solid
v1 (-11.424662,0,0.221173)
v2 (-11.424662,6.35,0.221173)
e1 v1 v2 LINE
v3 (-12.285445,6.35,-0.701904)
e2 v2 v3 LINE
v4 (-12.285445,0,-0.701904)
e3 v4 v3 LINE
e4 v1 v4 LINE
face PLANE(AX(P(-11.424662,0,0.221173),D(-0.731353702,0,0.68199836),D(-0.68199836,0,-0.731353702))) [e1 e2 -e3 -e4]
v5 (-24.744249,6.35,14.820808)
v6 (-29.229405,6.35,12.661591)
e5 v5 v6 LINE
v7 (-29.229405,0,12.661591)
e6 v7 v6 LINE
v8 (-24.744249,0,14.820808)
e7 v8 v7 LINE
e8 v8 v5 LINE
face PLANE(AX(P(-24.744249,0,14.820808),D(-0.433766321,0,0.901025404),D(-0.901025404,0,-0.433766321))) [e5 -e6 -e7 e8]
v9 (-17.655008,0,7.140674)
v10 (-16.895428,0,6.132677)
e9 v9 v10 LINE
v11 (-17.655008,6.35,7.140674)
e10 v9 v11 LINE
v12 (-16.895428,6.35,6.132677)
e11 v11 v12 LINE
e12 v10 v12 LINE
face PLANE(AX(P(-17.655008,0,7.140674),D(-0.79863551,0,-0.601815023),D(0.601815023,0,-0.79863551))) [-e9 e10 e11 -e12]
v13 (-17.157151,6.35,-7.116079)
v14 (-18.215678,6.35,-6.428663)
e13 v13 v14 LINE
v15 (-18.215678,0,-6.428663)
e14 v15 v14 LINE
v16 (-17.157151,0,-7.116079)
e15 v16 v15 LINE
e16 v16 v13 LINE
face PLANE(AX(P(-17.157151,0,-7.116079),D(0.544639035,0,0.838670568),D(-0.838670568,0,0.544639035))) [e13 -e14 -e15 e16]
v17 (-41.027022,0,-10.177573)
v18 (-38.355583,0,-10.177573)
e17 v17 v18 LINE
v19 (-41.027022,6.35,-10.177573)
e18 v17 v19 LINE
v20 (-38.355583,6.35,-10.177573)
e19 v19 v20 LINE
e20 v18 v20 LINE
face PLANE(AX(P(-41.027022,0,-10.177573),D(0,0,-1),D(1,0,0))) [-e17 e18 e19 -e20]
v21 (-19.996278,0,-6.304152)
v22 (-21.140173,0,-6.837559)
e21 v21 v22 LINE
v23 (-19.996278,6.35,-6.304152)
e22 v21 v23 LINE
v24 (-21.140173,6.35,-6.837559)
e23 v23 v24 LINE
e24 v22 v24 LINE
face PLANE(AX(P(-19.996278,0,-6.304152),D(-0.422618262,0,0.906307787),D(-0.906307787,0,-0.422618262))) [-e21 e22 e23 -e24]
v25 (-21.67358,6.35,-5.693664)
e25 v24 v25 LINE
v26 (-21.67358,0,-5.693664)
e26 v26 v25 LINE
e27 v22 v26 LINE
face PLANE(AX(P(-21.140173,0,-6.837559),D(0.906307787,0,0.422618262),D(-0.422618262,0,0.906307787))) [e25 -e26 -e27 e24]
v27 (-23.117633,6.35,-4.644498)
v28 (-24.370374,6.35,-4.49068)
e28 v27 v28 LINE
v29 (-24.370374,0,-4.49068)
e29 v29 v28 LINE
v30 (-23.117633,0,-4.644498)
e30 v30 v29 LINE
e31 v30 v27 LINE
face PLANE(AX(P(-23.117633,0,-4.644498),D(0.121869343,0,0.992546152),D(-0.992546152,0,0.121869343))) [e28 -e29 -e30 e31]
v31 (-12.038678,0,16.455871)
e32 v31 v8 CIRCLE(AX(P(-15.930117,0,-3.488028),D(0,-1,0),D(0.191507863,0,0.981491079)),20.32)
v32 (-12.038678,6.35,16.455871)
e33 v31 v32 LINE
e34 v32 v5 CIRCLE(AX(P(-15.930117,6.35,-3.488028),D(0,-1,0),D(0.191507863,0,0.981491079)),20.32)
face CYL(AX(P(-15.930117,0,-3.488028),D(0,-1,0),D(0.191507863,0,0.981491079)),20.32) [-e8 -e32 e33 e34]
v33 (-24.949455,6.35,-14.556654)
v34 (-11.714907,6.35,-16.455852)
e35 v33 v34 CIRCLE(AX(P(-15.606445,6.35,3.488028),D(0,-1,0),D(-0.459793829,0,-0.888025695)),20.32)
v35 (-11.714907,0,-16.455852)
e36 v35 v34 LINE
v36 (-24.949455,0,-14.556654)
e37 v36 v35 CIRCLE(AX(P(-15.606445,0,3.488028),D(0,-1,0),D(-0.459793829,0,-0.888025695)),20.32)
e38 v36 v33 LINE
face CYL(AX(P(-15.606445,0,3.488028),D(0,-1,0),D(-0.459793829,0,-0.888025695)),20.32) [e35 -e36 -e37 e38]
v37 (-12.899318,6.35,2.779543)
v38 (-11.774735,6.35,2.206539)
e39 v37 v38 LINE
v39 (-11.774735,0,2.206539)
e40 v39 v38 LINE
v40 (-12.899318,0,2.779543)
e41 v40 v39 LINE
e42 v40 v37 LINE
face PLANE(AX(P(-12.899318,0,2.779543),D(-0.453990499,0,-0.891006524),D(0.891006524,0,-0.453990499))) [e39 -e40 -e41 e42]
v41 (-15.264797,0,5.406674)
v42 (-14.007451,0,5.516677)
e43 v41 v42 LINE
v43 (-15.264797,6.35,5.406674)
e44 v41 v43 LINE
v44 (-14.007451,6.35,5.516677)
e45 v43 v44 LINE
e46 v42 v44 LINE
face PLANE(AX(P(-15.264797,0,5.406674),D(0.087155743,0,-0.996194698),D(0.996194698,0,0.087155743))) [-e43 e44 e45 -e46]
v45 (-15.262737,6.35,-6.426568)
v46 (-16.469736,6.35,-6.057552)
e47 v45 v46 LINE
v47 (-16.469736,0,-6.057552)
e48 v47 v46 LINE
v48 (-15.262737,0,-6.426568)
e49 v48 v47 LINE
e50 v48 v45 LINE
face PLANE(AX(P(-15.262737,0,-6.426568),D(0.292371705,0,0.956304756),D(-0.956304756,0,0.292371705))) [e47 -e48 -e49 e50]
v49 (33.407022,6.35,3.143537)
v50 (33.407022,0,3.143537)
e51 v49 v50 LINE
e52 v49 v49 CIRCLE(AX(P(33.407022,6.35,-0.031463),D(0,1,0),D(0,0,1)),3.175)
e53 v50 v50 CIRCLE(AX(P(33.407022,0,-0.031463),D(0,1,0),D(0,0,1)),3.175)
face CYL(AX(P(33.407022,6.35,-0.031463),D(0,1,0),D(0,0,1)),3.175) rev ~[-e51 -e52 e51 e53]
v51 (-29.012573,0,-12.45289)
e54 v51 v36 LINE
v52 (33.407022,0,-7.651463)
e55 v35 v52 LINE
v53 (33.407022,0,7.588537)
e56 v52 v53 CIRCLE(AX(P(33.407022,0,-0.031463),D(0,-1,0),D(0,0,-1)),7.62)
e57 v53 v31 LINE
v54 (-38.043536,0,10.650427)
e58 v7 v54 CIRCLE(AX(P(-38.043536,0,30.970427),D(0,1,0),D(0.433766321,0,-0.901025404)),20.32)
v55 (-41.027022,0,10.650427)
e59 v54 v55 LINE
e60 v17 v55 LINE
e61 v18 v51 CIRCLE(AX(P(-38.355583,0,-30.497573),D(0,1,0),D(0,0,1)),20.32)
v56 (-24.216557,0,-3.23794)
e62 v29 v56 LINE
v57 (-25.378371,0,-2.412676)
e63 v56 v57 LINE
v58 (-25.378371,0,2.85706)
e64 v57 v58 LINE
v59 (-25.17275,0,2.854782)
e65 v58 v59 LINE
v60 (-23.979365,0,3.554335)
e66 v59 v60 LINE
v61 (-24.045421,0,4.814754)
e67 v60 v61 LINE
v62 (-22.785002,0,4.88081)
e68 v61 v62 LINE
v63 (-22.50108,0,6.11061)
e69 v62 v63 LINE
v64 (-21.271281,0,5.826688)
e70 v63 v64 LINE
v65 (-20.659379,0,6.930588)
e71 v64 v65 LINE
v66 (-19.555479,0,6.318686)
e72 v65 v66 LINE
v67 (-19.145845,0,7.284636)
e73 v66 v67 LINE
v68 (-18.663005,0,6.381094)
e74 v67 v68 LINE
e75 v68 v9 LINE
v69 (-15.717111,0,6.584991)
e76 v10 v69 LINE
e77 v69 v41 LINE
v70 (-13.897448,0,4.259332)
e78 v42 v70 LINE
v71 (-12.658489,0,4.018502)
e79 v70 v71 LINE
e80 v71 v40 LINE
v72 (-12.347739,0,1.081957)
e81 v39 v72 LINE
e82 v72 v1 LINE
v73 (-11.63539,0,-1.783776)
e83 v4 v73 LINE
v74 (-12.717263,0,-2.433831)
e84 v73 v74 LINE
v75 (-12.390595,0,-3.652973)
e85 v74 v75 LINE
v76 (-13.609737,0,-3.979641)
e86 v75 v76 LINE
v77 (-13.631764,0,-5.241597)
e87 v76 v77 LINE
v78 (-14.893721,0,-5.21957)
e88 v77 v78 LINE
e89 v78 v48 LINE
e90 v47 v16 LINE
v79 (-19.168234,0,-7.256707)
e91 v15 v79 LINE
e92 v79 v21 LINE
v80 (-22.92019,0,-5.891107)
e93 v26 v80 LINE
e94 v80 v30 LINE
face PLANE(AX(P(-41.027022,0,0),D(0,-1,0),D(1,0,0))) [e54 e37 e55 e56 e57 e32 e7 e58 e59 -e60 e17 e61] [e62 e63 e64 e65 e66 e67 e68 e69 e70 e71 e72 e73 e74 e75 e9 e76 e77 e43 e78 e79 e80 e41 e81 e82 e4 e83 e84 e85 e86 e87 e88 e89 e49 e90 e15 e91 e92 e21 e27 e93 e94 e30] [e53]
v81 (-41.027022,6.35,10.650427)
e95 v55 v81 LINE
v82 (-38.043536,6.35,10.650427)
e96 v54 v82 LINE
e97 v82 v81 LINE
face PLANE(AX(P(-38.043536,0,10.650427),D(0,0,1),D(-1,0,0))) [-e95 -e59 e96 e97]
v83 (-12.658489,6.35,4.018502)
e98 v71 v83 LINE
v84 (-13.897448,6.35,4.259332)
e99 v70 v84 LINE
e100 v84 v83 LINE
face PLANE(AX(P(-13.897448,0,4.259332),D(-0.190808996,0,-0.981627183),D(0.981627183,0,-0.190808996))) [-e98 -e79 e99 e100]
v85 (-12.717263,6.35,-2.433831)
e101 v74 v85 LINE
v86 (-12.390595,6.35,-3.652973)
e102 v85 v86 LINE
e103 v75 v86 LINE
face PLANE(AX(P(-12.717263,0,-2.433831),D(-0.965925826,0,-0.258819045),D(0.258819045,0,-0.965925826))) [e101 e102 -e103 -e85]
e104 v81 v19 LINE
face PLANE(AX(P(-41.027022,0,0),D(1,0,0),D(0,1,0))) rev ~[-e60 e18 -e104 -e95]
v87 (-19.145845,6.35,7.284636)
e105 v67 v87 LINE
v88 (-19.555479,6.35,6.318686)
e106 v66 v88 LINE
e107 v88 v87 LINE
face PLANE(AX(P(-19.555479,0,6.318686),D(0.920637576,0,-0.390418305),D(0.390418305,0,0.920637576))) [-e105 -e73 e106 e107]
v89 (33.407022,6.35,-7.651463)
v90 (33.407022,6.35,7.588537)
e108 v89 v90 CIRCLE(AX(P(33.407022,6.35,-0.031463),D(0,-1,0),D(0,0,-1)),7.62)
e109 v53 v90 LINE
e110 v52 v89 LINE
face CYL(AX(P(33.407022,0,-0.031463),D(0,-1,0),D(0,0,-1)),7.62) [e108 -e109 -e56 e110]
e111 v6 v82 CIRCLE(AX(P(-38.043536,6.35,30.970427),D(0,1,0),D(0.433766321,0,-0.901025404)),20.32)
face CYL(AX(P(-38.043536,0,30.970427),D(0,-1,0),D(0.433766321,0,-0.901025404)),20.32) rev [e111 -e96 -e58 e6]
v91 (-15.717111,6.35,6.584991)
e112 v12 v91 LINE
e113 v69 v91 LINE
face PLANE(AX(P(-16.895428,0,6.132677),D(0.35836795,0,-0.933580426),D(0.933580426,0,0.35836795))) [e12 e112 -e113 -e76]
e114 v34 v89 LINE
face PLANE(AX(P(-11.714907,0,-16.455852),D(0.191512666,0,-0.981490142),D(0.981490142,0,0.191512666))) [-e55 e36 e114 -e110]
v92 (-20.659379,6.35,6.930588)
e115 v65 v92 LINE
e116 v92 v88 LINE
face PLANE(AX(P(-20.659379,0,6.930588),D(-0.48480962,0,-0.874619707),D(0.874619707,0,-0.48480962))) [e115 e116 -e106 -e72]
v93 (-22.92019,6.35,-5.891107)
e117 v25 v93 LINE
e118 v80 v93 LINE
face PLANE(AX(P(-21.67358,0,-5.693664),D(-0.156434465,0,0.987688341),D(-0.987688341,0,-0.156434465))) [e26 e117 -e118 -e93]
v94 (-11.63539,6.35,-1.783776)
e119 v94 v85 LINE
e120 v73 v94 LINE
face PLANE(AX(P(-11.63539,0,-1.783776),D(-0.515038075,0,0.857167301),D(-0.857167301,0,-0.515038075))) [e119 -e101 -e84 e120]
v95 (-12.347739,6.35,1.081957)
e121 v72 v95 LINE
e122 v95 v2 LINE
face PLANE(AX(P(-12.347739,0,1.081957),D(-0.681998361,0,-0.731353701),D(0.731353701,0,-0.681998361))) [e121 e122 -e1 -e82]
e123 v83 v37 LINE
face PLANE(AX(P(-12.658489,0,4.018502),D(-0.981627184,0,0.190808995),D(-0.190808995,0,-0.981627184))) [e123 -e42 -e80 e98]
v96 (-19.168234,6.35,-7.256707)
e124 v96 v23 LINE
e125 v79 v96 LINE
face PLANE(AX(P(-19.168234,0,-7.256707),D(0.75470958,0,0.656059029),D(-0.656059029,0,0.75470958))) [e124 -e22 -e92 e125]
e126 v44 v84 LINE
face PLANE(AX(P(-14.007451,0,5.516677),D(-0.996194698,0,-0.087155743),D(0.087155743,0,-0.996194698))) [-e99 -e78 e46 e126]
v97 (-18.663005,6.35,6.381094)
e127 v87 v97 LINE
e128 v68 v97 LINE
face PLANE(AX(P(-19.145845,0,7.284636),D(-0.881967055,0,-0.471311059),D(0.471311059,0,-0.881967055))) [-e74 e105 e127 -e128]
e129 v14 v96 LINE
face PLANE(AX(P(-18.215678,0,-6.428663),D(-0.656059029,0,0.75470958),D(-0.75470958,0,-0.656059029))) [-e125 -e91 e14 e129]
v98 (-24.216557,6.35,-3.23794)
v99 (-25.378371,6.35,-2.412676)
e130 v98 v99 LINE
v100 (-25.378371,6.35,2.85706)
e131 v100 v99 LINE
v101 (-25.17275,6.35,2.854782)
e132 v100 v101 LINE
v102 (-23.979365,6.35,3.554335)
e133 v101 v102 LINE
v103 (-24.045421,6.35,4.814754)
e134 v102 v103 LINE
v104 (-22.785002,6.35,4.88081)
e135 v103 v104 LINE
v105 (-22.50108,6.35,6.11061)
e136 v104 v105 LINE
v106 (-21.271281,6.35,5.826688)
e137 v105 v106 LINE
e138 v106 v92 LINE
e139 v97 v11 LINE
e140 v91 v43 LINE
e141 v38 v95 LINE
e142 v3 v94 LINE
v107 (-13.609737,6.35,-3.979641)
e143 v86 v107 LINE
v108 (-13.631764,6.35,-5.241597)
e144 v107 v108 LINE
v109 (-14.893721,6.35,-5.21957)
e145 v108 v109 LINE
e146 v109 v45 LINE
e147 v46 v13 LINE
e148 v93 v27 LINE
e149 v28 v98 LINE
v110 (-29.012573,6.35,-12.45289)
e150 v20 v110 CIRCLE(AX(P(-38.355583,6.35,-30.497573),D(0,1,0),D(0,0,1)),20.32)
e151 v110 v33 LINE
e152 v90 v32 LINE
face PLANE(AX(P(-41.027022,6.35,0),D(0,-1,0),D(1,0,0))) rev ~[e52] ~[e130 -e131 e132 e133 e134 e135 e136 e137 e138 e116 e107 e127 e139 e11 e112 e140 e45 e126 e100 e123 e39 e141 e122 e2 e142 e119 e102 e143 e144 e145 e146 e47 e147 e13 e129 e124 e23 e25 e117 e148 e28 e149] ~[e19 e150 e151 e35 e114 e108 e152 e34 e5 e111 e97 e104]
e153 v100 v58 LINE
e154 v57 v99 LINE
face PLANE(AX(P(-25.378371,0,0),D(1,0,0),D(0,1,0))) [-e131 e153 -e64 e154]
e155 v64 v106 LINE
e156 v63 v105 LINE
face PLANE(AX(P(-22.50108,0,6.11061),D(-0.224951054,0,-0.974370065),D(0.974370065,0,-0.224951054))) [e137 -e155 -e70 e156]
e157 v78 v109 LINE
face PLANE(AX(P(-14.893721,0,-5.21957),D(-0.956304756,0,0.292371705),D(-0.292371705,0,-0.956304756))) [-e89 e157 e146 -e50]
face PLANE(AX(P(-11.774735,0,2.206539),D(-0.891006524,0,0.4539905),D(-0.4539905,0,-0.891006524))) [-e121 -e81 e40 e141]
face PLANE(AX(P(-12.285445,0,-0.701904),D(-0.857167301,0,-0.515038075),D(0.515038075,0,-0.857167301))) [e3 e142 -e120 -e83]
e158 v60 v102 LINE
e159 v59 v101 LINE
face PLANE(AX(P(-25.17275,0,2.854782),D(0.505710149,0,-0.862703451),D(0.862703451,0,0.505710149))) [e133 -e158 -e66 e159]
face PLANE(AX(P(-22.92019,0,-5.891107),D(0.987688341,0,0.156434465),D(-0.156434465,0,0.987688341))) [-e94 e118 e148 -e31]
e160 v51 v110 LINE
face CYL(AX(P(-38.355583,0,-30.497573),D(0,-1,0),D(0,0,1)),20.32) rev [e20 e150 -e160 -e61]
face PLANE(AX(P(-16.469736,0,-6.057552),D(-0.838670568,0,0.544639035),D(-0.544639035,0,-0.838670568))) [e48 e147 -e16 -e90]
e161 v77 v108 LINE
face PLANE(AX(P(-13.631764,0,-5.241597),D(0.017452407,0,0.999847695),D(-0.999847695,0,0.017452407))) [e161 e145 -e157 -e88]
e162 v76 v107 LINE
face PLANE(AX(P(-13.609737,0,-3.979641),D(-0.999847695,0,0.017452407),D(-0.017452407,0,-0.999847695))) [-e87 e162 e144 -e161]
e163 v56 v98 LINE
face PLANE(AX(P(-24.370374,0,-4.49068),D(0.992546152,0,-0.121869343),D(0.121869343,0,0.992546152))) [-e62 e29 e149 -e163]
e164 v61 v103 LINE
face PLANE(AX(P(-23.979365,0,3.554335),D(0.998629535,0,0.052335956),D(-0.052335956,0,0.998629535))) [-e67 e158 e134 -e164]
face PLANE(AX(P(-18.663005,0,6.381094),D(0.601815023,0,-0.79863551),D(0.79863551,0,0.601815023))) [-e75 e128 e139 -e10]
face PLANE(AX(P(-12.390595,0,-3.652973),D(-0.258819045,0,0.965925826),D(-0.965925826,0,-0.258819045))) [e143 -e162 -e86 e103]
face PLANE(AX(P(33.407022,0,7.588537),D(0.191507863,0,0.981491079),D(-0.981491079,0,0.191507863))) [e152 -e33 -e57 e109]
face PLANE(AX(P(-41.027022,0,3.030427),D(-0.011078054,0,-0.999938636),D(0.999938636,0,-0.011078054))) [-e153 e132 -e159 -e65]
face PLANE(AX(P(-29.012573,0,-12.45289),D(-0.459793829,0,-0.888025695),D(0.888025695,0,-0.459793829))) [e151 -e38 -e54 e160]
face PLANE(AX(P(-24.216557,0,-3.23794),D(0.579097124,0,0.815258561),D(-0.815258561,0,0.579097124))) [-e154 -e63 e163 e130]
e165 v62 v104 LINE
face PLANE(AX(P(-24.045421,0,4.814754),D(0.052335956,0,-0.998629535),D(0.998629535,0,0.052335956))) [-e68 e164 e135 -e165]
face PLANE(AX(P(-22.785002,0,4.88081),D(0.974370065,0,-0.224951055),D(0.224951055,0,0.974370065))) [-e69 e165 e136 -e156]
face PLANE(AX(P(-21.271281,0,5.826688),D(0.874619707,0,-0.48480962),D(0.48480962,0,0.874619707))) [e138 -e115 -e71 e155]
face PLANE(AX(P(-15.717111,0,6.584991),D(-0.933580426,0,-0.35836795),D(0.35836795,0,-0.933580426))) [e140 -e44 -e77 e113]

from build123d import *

# Parameters (mm, degrees)
BOSS_EXTRUDE1_DEPTH             = 6.35
CUT_EXTRUDE1_REACH              = 46.798
SKETCH2_R                       = 3.175
BOSS_EXTRUDE2_REACH             = 46.798
SKETCH3_W                       = 15.648651434
SKETCH3_H                       = 6.35
BOSS_EXTRUDE2_DIRECTION_2_REACH = 46.798


with BuildPart() as part:
    # Sketch1 → Boss-Extrude1 (new body)
    with BuildSketch(Plane(origin=(0, 0, 0), x_dir=(1, 0, 0), z_dir=(0, 1, 0))):
        with BuildLine():
            Line((-25.172750094, -2.854782141), (-23.979365131, -3.554335257))
            Line((-23.979365131, -3.554335257), (-24.045420885, -4.814754144))
            Line((-24.045420885, -4.814754144), (-22.785001999, -4.880809899))
            Line((-22.785001999, -4.880809899), (-22.501080336, -6.110609729))
            Line((-22.501080336, -6.110609729), (-21.271280506, -5.826688067))
            Line((-21.271280506, -5.826688067), (-20.659378714, -6.930588121))
            Line((-20.659378714, -6.930588121), (-19.555478659, -6.318686329))
            Line((-19.555478659, -6.318686329), (-19.145844879, -7.284635532))
            Line((-19.145844879, -7.284635532), (-18.663004813, -6.38109418))
            Line((-18.663004813, -6.38109418), (-17.655008108, -7.140674179))
            Line((-17.655008108, -7.140674179), (-16.895428108, -6.132677474))
            Line((-16.895428108, -6.132677474), (-15.717110864, -6.584991086))
            Line((-15.717110864, -6.584991086), (-15.264797252, -5.406673842))
            Line((-15.264797252, -5.406673842), (-14.00745149, -5.516677342))
            Line((-14.00745149, -5.516677342), (-13.89744799, -4.259331581))
            Line((-13.89744799, -4.259331581), (-12.658488598, -4.018502271))
            Line((-12.658488598, -4.018502271), (-12.899317907, -2.779542878))
            Line((-12.899317907, -2.779542878), (-11.774735254, -2.206539397))
            Line((-11.774735254, -2.206539397), (-12.347738736, -1.081956744))
            Line((-12.347738736, -1.081956744), (-11.424661673, -0.221173456))
            Line((-11.424661673, -0.221173456), (-12.28544496, 0.701903607))
            Line((-12.28544496, 0.701903607), (-11.635390366, 1.783776131))
            Line((-11.635390366, 1.783776131), (-12.717262889, 2.433830725))
            Line((-12.717262889, 2.433830725), (-12.390594789, 3.652972671))
            Line((-12.390594789, 3.652972671), (-13.609736736, 3.979640771))
            Line((-13.609736736, 3.979640771), (-13.631764267, 5.241597158))
            Line((-13.631764267, 5.241597158), (-14.893720653, 5.219569627))
            Line((-14.893720653, 5.219569627), (-15.262737196, 6.426568353))
            Line((-15.262737196, 6.426568353), (-16.469735922, 6.05755181))
            Line((-16.469735922, 6.05755181), (-17.157151327, 7.116078708))
            Line((-17.157151327, 7.116078708), (-18.215678225, 6.428663303))
            Line((-18.215678225, 6.428663303), (-19.168233878, 7.256707299))
            Line((-19.168233878, 7.256707299), (-19.996277875, 6.304151646))
            Line((-19.996277875, 6.304151646), (-21.140172995, 6.837558701))
            Line((-21.140172995, 6.837558701), (-21.67358005, 5.69366358))
            Line((-21.67358005, 5.69366358), (-22.920189524, 5.891107124))
            Line((-22.920189524, 5.891107124), (-23.117633068, 4.64449765))
            Line((-23.117633068, 4.64449765), (-24.370373821, 4.490680427))
            Line((-24.370373821, 4.490680427), (-24.216556598, 3.237939674))
            Line((-24.216556598, 3.237939674), (-25.378370526, 2.412676209))
            Line((-25.378370526, 2.412676209), (-41.02702196, 2.557572596))
            Line((-41.02702196, 2.557572596), (-41.02702196, 10.177572596))
            Line((-41.02702196, 10.177572596), (-38.355583111, 10.177572596))
            ThreePointArc((-38.355583111, 10.177572596), (-33.547545085, 10.754594848), (-29.012572504, 12.452890476))
            Line((-29.012572504, 12.452890476), (-24.949455261, 14.556654192))
            ThreePointArc((-24.949455261, 14.556654192), (-18.492857296, 16.625923003), (-11.714907277, 16.455851756))
            Line((-11.714907277, 16.455851756), (33.40702196, 7.651462795))
            ThreePointArc((33.40702196, 7.651462795), (41.02702196, 0.031462795), (33.40702196, -7.588537205))
            Line((33.40702196, -7.588537205), (-12.038677684, -16.4558708))
            ThreePointArc((-12.038677684, -16.4558708), (-18.523682802, -16.66577615), (-24.744249109, -14.820808279))
            Line((-24.744249109, -14.820808279), (-29.229404705, -12.661591197))
            ThreePointArc((-29.229404705, -12.661591197), (-33.523201838, -11.159597642), (-38.043536354, -10.650427404))
            Line((-38.043536354, -10.650427404), (-41.02702196, -10.650427404))
            Line((-41.02702196, -10.650427404), (-41.02702196, -3.030427404))
            Line((-41.02702196, -3.030427404), (-25.172750094, -2.854782141))
        make_face()
    extrude(amount=BOSS_EXTRUDE1_DEPTH)

    # Sketch2 → Cut-Extrude1 (cut, up to next)
    with BuildSketch(Plane(origin=(0, 6.35, 0), x_dir=(1, 0, 0), z_dir=(0, 1, 0)), mode=Mode.PRIVATE) as cut_extrude1_sk1:
        with Locations(Location((33.40702196, 0.031462795, 0), (0, 0, 270))):
            Circle(SKETCH2_R)
    cut_extrude1_tool1 = extrude(cut_extrude1_sk1.sketch, amount=-CUT_EXTRUDE1_REACH, mode=Mode.PRIVATE) & part.part
    add(cut_extrude1_tool1.solids().sort_by_distance((33.407022, 6.35, -0.031463))[0], mode=Mode.SUBTRACT)

    # Sketch3 → Boss-Extrude2 (add, up to next)
    with BuildSketch(Plane.XY, mode=Mode.PRIVATE) as boss_extrude2_sk1:
        with Locations((-33.202696243, 3.175)):
            Rectangle(SKETCH3_W, SKETCH3_H)
    boss_extrude2_tool1 = extrude(boss_extrude2_sk1.sketch, amount=BOSS_EXTRUDE2_REACH, mode=Mode.PRIVATE) - part.part
    add(boss_extrude2_tool1.solids().sort_by_distance((-33.202696, 3.175, 0))[0])

    # Sketch3 → Boss-Extrude2 direction 2 (add, up to next)
    with BuildSketch(Plane.XY, mode=Mode.PRIVATE) as boss_extrude2_direction_2_sk1:
        with Locations((-33.202696243, 3.175)):
            Rectangle(SKETCH3_W, SKETCH3_H)
    boss_extrude2_direction_2_tool1 = extrude(boss_extrude2_direction_2_sk1.sketch, amount=-BOSS_EXTRUDE2_DIRECTION_2_REACH, mode=Mode.PRIVATE) - part.part
    add(boss_extrude2_direction_2_tool1.solids().sort_by_distance((-33.202696, 3.175, 0))[0])


solid = part.part
